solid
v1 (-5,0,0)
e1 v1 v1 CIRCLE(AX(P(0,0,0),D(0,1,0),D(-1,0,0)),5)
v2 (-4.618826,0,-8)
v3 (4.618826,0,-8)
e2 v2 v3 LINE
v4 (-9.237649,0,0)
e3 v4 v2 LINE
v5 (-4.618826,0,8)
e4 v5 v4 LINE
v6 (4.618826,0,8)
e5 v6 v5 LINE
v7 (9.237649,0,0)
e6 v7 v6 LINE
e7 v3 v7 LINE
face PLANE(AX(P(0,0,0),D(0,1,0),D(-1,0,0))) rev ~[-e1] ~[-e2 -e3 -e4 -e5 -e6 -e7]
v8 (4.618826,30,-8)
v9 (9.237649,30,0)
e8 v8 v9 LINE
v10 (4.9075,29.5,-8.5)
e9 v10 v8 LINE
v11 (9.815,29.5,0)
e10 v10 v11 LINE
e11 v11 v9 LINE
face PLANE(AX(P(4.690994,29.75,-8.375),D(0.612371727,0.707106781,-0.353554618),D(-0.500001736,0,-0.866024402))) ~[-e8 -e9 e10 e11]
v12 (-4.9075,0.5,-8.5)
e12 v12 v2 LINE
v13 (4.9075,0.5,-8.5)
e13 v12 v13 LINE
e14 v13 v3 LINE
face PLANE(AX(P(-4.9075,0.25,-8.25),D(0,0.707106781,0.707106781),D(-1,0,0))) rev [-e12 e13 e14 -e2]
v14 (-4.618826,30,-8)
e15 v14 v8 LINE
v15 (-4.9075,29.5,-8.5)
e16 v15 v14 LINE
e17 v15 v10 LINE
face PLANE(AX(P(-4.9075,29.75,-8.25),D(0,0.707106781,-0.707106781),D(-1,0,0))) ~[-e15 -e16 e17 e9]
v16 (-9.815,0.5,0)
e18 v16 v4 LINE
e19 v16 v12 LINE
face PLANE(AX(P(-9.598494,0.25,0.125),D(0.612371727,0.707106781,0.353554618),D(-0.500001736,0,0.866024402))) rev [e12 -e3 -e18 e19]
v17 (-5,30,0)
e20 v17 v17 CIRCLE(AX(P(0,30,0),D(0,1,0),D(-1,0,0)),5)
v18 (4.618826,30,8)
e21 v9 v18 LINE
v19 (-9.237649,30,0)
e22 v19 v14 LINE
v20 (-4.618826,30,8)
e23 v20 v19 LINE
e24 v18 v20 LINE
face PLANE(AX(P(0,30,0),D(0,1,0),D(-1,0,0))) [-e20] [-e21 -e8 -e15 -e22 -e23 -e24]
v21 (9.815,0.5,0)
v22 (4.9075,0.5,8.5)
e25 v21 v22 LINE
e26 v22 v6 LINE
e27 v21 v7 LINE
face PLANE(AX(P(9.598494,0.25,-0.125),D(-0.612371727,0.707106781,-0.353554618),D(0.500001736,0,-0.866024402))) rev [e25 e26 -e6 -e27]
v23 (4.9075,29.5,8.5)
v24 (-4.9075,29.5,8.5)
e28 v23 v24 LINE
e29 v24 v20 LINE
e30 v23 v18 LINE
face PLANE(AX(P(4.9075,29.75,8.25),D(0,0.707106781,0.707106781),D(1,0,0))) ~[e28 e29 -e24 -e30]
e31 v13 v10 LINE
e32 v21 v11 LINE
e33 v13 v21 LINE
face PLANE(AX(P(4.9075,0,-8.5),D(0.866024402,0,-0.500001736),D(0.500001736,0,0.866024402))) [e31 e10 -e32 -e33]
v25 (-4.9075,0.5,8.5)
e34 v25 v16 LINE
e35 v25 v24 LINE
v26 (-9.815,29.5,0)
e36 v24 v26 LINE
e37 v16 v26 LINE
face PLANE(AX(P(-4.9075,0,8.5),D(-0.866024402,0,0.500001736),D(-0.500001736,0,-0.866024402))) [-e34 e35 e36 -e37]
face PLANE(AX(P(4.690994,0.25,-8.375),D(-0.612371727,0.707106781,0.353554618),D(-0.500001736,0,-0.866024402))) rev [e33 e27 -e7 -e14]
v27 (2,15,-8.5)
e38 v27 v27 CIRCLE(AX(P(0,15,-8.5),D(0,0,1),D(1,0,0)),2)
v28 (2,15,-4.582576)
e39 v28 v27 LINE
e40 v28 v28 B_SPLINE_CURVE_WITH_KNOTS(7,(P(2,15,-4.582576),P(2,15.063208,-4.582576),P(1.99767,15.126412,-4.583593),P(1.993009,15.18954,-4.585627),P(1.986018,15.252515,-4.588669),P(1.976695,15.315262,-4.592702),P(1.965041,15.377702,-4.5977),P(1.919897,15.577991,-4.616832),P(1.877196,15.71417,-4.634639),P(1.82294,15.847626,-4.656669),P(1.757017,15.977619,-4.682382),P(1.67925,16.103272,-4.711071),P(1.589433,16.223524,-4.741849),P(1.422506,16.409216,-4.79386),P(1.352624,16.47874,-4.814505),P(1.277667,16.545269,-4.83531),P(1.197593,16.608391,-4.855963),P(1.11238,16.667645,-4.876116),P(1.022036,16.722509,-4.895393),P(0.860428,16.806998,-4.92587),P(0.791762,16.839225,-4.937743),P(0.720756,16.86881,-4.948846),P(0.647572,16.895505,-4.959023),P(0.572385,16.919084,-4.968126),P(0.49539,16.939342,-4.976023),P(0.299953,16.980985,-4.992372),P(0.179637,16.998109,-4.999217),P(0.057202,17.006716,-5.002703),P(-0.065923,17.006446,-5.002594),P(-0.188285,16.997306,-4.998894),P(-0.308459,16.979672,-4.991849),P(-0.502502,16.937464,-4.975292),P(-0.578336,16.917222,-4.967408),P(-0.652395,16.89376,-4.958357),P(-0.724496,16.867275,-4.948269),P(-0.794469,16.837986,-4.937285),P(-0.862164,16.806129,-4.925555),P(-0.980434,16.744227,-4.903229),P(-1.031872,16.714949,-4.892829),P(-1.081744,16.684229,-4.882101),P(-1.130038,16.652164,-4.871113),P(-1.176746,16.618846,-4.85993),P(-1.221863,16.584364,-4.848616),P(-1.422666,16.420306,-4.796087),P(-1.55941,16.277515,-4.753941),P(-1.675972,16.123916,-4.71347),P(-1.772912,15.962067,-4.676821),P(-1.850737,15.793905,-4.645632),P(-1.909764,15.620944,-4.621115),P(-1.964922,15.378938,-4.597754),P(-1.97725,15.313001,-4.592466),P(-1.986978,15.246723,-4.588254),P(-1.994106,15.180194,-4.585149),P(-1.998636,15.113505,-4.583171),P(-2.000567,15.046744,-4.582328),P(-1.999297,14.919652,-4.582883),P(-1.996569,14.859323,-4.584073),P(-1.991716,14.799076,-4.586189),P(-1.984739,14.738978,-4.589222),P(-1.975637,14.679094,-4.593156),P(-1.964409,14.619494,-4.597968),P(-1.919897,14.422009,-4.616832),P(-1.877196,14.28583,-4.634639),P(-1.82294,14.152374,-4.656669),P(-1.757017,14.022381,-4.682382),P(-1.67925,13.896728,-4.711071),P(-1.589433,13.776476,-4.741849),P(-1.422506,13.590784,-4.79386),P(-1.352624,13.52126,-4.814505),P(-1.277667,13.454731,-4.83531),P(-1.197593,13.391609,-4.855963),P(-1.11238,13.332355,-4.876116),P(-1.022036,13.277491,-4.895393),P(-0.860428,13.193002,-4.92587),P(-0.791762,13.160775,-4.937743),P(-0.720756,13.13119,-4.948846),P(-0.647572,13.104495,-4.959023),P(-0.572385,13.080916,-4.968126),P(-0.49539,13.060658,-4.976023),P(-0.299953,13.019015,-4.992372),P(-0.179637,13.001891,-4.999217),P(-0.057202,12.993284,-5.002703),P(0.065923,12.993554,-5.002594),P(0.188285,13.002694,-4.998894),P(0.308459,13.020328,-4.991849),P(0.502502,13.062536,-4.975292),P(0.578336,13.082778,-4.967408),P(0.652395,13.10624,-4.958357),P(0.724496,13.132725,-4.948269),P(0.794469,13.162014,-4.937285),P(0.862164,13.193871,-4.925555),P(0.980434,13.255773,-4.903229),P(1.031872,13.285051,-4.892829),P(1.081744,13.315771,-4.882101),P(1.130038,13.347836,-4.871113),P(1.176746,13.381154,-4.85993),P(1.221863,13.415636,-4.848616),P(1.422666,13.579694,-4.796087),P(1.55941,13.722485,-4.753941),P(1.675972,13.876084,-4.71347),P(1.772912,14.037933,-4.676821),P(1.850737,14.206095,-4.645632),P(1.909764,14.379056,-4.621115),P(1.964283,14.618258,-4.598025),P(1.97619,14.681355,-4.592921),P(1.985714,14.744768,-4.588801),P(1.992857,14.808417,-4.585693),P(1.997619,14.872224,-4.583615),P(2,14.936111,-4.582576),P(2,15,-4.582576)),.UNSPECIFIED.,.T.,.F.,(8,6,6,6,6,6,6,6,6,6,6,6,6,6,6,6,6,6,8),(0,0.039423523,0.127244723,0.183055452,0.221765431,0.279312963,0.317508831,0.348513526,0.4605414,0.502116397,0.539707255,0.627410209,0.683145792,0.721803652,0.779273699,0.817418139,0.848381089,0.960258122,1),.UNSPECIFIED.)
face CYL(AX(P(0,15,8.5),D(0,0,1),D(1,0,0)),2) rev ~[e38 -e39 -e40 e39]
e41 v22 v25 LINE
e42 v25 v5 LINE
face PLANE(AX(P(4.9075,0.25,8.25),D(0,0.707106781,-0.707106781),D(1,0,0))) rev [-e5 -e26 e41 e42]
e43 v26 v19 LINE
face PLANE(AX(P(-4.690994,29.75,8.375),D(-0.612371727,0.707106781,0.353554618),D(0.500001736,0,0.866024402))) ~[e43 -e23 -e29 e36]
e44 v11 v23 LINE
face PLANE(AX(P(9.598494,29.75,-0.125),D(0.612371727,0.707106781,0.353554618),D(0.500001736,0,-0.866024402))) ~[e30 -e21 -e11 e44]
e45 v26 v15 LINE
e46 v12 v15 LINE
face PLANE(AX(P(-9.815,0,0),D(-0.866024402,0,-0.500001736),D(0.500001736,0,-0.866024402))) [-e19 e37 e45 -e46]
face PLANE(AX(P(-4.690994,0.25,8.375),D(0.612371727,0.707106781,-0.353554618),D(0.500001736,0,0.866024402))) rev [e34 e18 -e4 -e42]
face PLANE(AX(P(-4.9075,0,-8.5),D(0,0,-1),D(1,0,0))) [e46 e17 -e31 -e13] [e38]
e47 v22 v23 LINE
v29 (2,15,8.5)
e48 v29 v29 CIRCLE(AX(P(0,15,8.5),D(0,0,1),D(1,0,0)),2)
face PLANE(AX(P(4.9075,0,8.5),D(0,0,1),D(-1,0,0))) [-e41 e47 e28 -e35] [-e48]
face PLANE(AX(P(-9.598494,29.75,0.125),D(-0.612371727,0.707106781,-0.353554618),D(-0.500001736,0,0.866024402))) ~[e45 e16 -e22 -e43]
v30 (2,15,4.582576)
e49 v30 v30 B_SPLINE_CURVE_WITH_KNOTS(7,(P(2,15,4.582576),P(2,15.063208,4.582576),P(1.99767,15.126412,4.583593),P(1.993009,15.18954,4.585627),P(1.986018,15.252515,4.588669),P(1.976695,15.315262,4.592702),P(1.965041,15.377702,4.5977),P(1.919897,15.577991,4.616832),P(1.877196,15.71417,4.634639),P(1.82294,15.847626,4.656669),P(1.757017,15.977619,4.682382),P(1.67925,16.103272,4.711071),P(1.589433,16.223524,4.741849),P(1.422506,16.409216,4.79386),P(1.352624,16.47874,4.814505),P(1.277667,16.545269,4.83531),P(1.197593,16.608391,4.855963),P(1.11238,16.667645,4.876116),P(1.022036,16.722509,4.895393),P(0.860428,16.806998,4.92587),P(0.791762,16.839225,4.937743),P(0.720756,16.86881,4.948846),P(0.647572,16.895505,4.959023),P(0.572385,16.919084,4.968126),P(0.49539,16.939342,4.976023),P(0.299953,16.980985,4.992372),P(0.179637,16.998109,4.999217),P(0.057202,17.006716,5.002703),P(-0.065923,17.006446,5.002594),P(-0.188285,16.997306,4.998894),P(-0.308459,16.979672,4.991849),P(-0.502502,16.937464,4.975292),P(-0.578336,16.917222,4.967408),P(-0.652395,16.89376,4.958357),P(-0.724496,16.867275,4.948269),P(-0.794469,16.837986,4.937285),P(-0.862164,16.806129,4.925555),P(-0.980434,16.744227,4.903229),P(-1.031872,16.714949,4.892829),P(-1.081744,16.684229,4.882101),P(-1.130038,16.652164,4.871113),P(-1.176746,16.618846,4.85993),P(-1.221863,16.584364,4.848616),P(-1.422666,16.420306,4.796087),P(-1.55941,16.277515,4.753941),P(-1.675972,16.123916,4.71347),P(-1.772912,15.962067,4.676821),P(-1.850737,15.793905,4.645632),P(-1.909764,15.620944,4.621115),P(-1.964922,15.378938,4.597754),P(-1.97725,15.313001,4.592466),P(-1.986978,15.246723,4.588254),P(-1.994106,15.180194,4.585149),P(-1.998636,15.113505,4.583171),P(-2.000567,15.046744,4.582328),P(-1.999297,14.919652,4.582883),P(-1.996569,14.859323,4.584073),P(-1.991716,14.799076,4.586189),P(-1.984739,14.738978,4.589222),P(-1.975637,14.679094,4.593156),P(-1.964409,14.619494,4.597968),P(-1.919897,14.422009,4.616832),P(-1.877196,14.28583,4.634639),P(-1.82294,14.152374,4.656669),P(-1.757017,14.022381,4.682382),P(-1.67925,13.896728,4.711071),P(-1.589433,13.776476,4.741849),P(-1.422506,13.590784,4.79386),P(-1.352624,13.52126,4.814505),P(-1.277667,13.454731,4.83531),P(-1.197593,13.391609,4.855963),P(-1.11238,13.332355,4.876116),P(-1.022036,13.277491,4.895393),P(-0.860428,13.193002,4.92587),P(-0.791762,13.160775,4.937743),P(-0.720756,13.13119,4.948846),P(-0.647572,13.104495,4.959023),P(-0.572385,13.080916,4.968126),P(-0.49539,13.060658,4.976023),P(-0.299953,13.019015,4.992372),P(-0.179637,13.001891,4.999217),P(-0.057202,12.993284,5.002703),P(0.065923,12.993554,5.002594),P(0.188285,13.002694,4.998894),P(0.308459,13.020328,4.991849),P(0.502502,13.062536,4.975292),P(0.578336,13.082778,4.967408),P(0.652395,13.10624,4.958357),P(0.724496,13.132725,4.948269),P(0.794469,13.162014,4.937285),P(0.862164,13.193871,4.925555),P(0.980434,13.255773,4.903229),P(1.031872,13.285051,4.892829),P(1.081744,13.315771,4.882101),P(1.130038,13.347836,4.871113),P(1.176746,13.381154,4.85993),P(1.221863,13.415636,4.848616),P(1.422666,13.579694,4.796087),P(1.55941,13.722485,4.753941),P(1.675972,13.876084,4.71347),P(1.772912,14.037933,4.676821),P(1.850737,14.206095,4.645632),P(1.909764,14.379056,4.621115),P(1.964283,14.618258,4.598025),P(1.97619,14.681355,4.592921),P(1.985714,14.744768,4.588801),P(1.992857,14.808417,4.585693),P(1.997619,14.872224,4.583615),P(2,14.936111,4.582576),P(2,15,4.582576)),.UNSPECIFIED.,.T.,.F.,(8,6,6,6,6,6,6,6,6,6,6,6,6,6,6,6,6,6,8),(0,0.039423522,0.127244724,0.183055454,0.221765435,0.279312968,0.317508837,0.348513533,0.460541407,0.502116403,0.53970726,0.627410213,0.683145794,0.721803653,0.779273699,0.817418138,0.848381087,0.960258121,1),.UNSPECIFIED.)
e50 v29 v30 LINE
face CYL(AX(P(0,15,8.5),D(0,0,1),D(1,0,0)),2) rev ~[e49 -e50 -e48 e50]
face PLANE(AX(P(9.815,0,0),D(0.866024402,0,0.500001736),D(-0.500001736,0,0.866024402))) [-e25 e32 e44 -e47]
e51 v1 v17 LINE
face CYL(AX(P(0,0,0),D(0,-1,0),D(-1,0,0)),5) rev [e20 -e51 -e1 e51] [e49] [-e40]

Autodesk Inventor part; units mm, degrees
ref_plane "YZ Plane" through (0, 0, 0) normal (1, 0, 0) x (0, 1, 0)
ref_plane "XZ Plane" through (0, 0, 0) normal (0, 1, 0) x (-1, 0, 0)
ref_plane "XY Plane" through (0, 0, 0) normal (0, 0, 1) x (1, 0, 0)
sketch "Sketch1" plane through (0, 0, 0) normal (0, 1, 0) x (-1, 0, 0)
  circle A0 centre (0, 0) radius 5
  line L0 (9.815, 0) -> (4.9075, -8.5)
  line L1 (4.9075, -8.5) -> (-4.9075, -8.5)
  line L2 (-4.9075, -8.5) -> (-9.815, 0)
  line L3 (-9.815, 0) -> (-4.9075, 8.5)
  line L4 (-4.9075, 8.5) -> (4.9075, 8.5)
  line L5 (4.9075, 8.5) -> (9.815, 0)
  dimension "d0" = 10
  dimension "d1" = 17
extrude "Extrusion1" add sketch "Sketch1" along normal blind 30
chamfer "Chamfer1" distance 0.5 angle 45 12 edges at (7.3612, 0, 4.25) (0, 0, 8.5) (-7.3612, 0, 4.25) (-7.3612, 0, -4.25) (0, 0, -8.5) (7.3612, 0, -4.25) (7.3612, 30, -4.25) (7.3612, 30, 4.25) (0, 30, 8.5) (-7.3612, 30, 4.25) (-7.3612, 30, -4.25) (0, 30, -8.5)
thread "Thread1" size "M10x1.5" class "6H" standard "ANSI Metric M Profile" full length
sketch "Sketch2" plane through (-4.9075, 29.5, 8.5) normal (0, 0, 1) x (1, 0, 0)
  circle A0 centre (4.9075, -14.5) radius 2
  point P0 (4.9075, -29.5)
  dimension "d9" = 4
  dimension "d10" = 15
extrude "Extrusion2" cut sketch "Sketch2" against normal blind 26.75
thread "Thread2" size "M4x0.7" class "6H" standard "ANSI Metric M Profile" full length
thread "Thread3" size "M4x0.7" class "6H" standard "ANSI Metric M Profile" full length
properties part number "КВ33.000.105 - Каретка" material "Iron, Cast"
